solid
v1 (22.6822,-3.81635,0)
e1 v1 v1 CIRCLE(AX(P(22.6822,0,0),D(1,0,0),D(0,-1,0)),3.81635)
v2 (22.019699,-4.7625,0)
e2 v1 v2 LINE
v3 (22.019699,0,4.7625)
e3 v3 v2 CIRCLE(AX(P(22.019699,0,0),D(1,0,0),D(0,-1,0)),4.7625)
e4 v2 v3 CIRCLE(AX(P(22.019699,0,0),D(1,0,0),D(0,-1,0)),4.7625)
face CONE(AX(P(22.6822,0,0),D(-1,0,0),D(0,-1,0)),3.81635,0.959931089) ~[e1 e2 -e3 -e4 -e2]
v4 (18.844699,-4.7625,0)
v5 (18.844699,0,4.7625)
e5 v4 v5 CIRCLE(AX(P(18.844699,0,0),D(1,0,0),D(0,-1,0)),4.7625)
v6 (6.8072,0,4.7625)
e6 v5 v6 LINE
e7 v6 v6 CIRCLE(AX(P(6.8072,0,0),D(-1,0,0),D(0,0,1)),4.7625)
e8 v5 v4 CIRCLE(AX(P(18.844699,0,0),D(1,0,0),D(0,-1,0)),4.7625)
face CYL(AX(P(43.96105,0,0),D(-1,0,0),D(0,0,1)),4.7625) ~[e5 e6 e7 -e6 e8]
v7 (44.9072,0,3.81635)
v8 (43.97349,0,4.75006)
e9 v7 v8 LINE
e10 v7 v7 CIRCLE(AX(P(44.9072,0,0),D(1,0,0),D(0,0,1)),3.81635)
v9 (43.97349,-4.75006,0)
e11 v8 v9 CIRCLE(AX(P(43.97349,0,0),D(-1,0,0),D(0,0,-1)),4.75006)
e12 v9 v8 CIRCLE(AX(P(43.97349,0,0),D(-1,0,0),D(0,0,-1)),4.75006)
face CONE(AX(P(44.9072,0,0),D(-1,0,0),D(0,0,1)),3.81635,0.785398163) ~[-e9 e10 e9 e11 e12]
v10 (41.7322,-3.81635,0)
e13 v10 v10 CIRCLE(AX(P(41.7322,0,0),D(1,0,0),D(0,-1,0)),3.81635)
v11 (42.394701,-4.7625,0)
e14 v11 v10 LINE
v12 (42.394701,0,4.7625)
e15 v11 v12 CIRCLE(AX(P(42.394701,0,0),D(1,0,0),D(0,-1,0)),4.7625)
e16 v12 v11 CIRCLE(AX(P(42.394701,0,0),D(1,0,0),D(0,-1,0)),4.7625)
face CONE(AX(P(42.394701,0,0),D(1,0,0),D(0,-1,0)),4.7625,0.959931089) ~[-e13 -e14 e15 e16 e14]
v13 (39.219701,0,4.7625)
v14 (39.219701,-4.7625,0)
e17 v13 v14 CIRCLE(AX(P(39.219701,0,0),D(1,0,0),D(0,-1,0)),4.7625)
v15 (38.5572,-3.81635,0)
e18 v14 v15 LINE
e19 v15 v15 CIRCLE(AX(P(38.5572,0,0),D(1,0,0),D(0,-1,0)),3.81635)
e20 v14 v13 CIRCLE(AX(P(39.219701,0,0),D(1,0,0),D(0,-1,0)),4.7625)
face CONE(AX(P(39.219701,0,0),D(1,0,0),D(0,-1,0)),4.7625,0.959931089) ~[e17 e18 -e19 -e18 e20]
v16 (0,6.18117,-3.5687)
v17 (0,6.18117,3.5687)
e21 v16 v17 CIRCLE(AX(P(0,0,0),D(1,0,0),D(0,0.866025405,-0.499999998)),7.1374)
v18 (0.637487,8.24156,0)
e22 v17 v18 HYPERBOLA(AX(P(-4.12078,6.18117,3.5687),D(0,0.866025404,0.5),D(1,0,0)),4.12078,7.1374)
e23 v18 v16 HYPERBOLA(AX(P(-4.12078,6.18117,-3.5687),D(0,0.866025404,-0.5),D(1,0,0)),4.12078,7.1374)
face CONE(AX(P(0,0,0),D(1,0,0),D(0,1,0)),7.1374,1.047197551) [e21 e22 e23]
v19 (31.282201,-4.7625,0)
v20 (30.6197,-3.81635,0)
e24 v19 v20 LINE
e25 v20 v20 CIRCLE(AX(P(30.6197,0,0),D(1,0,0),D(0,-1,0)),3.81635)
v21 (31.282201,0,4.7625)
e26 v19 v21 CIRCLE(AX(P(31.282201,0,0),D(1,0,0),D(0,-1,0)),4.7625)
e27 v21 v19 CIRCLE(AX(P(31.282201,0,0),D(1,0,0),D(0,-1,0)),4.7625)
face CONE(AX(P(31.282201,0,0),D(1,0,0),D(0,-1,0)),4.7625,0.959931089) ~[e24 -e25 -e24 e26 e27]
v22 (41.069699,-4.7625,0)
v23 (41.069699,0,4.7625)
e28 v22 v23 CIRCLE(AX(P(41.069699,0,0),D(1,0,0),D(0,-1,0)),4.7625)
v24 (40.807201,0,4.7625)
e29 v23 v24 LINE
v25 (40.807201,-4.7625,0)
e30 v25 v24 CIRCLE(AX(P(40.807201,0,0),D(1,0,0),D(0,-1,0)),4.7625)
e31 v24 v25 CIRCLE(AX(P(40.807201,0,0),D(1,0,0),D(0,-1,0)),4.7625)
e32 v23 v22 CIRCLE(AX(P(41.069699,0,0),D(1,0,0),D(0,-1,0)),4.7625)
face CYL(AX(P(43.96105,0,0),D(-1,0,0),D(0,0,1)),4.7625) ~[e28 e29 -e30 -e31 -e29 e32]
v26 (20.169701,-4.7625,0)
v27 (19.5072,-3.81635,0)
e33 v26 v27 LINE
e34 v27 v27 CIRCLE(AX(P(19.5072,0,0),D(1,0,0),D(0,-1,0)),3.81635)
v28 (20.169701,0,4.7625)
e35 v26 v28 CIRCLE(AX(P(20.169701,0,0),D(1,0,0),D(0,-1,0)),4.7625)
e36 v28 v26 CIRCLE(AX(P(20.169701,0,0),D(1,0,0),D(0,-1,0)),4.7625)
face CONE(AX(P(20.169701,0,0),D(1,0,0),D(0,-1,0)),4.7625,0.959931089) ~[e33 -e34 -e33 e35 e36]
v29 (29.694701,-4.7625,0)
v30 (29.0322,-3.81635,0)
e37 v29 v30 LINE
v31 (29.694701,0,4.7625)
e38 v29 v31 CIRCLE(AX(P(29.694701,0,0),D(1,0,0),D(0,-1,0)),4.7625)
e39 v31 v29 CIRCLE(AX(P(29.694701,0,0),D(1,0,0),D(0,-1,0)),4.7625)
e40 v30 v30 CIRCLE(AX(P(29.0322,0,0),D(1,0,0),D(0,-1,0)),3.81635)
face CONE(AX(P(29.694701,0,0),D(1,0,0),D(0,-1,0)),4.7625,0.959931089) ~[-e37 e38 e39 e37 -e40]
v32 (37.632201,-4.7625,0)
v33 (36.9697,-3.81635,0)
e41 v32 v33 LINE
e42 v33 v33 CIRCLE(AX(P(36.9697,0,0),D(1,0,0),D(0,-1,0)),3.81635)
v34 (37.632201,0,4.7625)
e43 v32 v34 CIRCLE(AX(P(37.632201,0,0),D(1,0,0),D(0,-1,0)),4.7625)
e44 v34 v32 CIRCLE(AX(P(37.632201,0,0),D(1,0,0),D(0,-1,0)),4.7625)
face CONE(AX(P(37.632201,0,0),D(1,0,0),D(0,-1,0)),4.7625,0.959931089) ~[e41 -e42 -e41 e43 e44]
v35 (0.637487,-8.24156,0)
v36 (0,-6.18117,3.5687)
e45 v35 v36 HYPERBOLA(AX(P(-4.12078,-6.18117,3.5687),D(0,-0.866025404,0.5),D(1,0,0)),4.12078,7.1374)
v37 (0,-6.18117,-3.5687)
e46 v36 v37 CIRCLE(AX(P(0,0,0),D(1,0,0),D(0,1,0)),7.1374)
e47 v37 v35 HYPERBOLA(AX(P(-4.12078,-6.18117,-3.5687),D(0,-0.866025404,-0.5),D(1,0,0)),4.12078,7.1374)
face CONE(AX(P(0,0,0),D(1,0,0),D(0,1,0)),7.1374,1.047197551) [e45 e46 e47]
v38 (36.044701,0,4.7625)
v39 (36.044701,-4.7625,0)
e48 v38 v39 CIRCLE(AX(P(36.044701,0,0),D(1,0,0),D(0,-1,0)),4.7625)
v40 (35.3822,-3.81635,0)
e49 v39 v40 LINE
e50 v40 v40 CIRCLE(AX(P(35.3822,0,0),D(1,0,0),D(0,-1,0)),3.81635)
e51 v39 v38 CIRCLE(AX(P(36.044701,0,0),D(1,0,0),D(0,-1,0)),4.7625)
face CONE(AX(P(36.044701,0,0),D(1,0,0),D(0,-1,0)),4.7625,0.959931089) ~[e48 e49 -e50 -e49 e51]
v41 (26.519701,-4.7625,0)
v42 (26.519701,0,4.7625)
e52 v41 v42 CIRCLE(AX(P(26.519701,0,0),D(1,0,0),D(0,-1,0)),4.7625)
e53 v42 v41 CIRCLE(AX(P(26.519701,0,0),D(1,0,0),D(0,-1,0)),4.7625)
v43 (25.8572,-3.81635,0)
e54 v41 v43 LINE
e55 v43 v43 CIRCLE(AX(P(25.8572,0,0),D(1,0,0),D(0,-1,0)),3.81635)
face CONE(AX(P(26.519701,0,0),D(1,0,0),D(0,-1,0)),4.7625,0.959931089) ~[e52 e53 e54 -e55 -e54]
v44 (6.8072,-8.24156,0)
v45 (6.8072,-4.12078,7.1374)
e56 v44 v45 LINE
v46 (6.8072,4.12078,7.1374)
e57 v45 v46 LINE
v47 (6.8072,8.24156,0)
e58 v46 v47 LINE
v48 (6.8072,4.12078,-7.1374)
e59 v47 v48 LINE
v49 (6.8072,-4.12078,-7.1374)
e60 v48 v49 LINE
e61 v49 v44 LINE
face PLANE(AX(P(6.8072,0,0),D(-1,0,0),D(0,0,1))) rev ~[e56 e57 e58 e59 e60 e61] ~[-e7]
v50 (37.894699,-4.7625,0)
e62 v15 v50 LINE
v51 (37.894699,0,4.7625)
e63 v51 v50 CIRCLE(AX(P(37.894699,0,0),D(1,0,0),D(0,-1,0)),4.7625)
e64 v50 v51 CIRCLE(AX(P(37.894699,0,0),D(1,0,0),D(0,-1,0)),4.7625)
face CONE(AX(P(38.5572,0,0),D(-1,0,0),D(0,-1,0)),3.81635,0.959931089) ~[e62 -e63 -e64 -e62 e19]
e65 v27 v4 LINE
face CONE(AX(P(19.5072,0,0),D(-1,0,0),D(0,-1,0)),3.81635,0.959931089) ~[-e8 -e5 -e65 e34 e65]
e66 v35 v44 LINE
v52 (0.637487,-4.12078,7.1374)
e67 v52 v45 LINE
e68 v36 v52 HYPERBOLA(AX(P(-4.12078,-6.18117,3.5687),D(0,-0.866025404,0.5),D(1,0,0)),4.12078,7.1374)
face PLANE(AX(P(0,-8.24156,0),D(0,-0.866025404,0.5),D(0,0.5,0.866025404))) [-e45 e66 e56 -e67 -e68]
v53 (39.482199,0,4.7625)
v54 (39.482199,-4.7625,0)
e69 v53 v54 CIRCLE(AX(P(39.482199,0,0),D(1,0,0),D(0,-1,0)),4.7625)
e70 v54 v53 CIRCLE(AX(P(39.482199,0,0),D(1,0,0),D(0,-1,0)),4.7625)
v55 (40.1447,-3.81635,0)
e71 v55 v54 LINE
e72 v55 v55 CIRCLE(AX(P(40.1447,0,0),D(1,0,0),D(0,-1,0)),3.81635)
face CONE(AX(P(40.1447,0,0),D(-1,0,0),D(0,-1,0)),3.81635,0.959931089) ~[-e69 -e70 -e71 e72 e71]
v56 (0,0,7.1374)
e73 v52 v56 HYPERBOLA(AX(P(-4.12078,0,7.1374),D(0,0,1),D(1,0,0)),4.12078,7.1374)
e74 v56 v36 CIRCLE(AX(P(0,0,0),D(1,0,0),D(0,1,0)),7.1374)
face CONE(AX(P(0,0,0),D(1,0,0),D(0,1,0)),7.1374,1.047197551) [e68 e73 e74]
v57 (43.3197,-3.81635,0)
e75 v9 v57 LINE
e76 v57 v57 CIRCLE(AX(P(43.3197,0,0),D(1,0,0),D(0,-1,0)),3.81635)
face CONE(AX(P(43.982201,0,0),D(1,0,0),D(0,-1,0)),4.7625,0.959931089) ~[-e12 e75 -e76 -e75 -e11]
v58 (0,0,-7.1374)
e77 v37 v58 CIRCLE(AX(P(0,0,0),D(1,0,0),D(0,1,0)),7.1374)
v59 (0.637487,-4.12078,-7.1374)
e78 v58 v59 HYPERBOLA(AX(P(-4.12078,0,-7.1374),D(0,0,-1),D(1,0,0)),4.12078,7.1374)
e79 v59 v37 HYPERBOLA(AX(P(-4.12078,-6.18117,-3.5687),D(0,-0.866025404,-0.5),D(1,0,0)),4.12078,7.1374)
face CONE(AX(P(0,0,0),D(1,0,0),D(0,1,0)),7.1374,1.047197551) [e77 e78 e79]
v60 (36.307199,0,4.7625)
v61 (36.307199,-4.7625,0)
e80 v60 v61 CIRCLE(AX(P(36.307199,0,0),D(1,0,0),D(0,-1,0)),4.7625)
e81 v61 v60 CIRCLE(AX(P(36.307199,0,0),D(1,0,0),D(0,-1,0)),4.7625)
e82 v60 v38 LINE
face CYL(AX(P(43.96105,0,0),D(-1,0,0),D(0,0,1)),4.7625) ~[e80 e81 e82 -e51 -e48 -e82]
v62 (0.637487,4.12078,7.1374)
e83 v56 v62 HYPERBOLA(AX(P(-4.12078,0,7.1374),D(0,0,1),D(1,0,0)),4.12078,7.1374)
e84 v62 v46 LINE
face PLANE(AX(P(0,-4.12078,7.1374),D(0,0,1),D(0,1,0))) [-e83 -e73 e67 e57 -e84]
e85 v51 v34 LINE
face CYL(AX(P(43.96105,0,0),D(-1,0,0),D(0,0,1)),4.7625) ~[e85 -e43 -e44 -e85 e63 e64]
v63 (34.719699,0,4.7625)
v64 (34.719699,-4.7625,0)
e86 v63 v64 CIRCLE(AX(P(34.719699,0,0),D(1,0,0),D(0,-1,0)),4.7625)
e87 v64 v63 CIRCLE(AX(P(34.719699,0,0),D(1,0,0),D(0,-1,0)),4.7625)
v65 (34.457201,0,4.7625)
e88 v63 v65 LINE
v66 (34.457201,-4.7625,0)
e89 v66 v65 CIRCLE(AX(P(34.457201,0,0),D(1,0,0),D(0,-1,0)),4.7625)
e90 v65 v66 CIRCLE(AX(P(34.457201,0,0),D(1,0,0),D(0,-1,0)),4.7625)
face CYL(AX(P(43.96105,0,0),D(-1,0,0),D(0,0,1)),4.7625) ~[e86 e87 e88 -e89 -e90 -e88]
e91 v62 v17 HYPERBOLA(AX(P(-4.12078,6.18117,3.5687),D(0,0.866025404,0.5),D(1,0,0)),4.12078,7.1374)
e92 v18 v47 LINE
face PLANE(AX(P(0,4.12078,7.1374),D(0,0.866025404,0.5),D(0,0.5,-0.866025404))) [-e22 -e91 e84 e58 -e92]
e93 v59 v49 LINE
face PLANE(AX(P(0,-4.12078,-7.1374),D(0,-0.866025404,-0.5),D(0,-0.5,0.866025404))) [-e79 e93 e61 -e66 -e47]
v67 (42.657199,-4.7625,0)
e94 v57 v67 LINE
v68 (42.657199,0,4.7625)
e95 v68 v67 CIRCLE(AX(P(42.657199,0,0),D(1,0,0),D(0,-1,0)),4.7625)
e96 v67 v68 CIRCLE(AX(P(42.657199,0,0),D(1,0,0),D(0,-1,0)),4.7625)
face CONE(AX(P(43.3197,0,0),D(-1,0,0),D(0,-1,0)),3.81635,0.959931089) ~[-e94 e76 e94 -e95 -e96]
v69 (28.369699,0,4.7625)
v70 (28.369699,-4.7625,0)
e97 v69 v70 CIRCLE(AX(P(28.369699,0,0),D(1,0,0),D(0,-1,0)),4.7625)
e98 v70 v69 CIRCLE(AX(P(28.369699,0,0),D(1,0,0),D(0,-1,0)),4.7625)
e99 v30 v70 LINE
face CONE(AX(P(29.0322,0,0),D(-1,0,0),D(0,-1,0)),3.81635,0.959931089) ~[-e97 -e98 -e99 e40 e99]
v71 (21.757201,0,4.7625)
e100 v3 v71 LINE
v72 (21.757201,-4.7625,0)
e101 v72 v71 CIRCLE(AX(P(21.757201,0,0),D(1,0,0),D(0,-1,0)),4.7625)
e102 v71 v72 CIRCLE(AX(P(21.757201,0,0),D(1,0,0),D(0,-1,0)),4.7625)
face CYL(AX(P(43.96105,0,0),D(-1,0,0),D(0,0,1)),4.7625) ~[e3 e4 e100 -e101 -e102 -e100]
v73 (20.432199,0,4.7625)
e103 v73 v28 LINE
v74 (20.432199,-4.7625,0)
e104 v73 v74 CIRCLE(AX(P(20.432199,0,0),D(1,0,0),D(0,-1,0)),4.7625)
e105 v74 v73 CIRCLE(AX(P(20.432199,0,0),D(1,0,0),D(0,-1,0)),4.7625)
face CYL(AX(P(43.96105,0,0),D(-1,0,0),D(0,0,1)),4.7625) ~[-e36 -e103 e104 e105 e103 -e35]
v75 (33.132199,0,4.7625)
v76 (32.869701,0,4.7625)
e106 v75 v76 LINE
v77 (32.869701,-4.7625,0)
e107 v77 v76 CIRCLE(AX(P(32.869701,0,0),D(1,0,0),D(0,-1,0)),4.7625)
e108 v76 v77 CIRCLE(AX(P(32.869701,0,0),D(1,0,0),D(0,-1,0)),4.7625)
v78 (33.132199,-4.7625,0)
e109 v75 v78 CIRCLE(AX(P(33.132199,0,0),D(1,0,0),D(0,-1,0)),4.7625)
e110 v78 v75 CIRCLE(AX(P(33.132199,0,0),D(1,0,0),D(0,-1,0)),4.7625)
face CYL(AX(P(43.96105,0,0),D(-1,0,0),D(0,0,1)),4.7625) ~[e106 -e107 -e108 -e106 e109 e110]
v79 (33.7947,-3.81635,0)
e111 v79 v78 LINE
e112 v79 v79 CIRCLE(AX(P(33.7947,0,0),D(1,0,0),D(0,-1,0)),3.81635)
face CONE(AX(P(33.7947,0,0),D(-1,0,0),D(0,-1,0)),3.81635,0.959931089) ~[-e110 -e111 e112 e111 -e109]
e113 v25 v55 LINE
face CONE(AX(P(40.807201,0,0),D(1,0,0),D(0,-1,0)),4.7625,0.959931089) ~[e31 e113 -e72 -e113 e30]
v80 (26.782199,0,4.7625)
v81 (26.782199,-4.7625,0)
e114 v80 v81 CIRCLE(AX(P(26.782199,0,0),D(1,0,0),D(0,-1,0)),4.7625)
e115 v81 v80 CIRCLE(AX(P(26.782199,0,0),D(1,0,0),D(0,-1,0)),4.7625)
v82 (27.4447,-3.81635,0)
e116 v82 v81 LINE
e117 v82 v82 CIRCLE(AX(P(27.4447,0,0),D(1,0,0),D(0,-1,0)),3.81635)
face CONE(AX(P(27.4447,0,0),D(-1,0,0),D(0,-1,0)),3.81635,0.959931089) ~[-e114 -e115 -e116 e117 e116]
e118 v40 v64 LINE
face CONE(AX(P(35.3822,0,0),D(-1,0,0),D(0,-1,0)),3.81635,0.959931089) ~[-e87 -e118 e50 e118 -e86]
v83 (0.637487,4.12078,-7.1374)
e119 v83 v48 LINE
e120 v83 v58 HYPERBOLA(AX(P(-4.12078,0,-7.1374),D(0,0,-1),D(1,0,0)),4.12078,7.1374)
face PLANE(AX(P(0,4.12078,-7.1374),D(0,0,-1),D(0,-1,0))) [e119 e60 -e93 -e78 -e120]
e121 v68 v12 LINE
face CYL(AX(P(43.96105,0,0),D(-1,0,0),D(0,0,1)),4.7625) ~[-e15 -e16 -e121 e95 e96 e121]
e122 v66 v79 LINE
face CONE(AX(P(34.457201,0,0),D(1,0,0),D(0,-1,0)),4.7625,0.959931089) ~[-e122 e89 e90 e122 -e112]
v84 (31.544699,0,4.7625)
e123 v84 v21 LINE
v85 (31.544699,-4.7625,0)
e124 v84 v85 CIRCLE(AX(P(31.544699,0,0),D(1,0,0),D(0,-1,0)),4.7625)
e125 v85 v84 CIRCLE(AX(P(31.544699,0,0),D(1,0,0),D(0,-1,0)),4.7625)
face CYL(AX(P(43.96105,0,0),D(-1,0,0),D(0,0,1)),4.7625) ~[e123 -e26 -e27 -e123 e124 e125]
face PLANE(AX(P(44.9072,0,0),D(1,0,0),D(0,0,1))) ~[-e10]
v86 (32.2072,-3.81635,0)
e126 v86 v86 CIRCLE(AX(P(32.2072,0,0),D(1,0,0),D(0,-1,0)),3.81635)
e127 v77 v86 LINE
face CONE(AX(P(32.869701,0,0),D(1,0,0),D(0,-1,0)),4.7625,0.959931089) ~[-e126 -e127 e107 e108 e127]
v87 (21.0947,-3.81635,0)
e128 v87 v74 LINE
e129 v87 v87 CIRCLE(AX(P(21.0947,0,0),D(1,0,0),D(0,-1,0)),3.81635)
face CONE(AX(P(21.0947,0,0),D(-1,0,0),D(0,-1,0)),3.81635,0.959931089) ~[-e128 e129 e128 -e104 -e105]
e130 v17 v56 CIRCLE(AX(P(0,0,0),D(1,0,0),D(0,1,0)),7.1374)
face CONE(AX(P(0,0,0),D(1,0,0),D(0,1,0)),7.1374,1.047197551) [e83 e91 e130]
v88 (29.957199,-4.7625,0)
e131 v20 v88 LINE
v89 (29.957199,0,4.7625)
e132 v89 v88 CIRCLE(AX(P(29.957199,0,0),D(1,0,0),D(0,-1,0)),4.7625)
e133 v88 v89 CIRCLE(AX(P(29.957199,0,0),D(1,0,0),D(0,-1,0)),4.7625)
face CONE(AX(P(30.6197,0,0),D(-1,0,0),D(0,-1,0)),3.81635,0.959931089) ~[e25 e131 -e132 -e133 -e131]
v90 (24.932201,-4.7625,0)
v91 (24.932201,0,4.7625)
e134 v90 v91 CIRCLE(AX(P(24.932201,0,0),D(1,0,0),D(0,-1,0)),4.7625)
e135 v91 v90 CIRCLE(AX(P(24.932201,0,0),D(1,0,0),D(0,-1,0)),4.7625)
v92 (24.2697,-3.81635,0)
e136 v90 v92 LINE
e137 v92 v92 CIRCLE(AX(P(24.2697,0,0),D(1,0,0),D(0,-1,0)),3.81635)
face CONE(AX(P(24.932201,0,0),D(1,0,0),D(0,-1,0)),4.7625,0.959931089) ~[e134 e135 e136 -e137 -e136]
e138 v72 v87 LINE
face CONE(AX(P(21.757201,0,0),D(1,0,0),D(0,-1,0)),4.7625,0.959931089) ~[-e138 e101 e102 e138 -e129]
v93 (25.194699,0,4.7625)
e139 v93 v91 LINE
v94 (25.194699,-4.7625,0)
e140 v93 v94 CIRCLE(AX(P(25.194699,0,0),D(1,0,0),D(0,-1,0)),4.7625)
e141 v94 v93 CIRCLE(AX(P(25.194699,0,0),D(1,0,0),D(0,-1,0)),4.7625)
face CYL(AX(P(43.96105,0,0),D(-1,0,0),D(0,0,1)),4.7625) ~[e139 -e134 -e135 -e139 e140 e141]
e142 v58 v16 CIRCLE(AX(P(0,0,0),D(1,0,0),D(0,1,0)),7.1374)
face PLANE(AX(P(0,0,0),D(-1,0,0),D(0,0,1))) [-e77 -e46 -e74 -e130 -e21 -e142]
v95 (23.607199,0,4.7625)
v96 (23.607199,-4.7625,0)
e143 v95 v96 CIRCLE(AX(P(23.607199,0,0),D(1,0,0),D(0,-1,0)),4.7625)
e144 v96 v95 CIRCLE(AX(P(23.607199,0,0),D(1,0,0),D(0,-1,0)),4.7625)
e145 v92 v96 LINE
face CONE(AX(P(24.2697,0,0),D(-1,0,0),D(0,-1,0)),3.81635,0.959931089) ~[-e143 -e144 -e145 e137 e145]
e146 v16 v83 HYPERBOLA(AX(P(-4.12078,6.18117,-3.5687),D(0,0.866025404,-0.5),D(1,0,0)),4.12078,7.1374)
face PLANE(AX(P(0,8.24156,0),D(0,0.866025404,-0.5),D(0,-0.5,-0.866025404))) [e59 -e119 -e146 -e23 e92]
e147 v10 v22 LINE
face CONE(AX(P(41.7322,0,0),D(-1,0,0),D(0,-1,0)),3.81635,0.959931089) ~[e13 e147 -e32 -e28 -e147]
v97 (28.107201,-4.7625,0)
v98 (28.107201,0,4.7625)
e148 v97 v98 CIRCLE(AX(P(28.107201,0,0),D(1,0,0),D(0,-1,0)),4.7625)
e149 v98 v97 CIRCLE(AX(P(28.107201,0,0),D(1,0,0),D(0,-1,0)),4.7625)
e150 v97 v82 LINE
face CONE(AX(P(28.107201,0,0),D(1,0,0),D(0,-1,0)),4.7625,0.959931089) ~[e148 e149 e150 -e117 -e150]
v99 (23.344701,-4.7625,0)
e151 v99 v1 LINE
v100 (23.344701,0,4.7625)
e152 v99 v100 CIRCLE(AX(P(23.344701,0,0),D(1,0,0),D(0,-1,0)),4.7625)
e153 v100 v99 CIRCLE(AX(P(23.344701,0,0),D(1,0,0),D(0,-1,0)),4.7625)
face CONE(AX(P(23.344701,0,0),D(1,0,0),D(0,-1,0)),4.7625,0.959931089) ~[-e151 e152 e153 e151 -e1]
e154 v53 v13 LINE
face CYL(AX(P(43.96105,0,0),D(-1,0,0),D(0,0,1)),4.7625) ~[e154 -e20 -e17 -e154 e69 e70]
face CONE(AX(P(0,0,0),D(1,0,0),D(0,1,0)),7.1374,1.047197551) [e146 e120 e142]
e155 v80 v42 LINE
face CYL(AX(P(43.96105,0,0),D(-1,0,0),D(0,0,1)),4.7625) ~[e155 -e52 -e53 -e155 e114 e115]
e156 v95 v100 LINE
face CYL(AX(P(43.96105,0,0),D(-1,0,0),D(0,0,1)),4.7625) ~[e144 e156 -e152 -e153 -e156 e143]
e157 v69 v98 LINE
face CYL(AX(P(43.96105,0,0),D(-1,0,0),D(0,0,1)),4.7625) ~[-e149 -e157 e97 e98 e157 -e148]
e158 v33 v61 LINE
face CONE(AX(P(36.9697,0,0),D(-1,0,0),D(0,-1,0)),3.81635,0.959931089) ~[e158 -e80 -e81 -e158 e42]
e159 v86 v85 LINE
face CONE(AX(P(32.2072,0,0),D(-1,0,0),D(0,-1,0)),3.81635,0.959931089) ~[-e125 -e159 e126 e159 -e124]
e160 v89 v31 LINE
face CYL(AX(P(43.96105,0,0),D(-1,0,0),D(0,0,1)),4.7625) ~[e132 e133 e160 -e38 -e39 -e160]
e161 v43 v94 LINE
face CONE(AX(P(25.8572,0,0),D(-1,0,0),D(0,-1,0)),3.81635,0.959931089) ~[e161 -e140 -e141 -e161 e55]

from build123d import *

# Parameters (mm, degrees)
BASEHEAD_DEPTH  = 6.8072
THDSCHPAT_COUNT = 16
THDSCHPAT_PITCH = 1.5875


with BuildPart() as part:
    # Sketch1 → BaseHead (new body)
    with BuildSketch(Plane(origin=(0, 0, 0), x_dir=(0, 0, -1), z_dir=(1, 0, 0))):
        Polygon((7.1374, 4.120779811), (7.1374, -4.120779811), (0, -8.241559623), (-7.1374, -4.120779811), (-7.1374, 4.120779811), (0, 8.241559623), align=None)
    extrude(amount=BASEHEAD_DEPTH)

    # BodySke → BaseBody (revolve)
    with BuildSketch(Plane.XY, mode=Mode.PRIVATE) as basebody_sk:
        Polygon((0, 0), (44.9072, 0), (44.9072, 3.81635), (43.96105, 4.7625), (0, 4.7625), align=None)
    revolve(basebody_sk.sketch.rotate(Axis((0, 0, 0), (1, 0, 0)), 90), axis=Axis((0, 0, 0), (1, 0, 0)))

    # Sketch3 → HeadChamfer (revolve, cut)
    with BuildSketch(Plane.XY):
        Polygon((0, 7.1374), (4.303661065, 14.591559623), (4.303661065, 20.941559623), (-12.7, 20.941559623), (-12.7, 7.1374), align=None)
    revolve(axis=Axis((0, 0, 0), (1, 0, 0)), mode=Mode.SUBTRACT)

    # ThdSchSke → ThreadSchematic (revolve, cut)
    with BuildSketch(Plane.XY):
        Polygon((19.5072, -3.81635), (18.844698638, -4.7625), (18.844698638, -5.953125), (20.169701362, -5.953125), (20.169701362, -4.7625), align=None)
    threadschematic = revolve(axis=Axis((-3.175, 0, 0), (1, 0, 0)), mode=Mode.SUBTRACT)

    # ThdSchPat: ThreadSchematic ×16
    with Locations(*[(i * THDSCHPAT_PITCH, 0, 0) for i in range(1, THDSCHPAT_COUNT)]):
        add(threadschematic, mode=Mode.SUBTRACT)


solid = part.part
